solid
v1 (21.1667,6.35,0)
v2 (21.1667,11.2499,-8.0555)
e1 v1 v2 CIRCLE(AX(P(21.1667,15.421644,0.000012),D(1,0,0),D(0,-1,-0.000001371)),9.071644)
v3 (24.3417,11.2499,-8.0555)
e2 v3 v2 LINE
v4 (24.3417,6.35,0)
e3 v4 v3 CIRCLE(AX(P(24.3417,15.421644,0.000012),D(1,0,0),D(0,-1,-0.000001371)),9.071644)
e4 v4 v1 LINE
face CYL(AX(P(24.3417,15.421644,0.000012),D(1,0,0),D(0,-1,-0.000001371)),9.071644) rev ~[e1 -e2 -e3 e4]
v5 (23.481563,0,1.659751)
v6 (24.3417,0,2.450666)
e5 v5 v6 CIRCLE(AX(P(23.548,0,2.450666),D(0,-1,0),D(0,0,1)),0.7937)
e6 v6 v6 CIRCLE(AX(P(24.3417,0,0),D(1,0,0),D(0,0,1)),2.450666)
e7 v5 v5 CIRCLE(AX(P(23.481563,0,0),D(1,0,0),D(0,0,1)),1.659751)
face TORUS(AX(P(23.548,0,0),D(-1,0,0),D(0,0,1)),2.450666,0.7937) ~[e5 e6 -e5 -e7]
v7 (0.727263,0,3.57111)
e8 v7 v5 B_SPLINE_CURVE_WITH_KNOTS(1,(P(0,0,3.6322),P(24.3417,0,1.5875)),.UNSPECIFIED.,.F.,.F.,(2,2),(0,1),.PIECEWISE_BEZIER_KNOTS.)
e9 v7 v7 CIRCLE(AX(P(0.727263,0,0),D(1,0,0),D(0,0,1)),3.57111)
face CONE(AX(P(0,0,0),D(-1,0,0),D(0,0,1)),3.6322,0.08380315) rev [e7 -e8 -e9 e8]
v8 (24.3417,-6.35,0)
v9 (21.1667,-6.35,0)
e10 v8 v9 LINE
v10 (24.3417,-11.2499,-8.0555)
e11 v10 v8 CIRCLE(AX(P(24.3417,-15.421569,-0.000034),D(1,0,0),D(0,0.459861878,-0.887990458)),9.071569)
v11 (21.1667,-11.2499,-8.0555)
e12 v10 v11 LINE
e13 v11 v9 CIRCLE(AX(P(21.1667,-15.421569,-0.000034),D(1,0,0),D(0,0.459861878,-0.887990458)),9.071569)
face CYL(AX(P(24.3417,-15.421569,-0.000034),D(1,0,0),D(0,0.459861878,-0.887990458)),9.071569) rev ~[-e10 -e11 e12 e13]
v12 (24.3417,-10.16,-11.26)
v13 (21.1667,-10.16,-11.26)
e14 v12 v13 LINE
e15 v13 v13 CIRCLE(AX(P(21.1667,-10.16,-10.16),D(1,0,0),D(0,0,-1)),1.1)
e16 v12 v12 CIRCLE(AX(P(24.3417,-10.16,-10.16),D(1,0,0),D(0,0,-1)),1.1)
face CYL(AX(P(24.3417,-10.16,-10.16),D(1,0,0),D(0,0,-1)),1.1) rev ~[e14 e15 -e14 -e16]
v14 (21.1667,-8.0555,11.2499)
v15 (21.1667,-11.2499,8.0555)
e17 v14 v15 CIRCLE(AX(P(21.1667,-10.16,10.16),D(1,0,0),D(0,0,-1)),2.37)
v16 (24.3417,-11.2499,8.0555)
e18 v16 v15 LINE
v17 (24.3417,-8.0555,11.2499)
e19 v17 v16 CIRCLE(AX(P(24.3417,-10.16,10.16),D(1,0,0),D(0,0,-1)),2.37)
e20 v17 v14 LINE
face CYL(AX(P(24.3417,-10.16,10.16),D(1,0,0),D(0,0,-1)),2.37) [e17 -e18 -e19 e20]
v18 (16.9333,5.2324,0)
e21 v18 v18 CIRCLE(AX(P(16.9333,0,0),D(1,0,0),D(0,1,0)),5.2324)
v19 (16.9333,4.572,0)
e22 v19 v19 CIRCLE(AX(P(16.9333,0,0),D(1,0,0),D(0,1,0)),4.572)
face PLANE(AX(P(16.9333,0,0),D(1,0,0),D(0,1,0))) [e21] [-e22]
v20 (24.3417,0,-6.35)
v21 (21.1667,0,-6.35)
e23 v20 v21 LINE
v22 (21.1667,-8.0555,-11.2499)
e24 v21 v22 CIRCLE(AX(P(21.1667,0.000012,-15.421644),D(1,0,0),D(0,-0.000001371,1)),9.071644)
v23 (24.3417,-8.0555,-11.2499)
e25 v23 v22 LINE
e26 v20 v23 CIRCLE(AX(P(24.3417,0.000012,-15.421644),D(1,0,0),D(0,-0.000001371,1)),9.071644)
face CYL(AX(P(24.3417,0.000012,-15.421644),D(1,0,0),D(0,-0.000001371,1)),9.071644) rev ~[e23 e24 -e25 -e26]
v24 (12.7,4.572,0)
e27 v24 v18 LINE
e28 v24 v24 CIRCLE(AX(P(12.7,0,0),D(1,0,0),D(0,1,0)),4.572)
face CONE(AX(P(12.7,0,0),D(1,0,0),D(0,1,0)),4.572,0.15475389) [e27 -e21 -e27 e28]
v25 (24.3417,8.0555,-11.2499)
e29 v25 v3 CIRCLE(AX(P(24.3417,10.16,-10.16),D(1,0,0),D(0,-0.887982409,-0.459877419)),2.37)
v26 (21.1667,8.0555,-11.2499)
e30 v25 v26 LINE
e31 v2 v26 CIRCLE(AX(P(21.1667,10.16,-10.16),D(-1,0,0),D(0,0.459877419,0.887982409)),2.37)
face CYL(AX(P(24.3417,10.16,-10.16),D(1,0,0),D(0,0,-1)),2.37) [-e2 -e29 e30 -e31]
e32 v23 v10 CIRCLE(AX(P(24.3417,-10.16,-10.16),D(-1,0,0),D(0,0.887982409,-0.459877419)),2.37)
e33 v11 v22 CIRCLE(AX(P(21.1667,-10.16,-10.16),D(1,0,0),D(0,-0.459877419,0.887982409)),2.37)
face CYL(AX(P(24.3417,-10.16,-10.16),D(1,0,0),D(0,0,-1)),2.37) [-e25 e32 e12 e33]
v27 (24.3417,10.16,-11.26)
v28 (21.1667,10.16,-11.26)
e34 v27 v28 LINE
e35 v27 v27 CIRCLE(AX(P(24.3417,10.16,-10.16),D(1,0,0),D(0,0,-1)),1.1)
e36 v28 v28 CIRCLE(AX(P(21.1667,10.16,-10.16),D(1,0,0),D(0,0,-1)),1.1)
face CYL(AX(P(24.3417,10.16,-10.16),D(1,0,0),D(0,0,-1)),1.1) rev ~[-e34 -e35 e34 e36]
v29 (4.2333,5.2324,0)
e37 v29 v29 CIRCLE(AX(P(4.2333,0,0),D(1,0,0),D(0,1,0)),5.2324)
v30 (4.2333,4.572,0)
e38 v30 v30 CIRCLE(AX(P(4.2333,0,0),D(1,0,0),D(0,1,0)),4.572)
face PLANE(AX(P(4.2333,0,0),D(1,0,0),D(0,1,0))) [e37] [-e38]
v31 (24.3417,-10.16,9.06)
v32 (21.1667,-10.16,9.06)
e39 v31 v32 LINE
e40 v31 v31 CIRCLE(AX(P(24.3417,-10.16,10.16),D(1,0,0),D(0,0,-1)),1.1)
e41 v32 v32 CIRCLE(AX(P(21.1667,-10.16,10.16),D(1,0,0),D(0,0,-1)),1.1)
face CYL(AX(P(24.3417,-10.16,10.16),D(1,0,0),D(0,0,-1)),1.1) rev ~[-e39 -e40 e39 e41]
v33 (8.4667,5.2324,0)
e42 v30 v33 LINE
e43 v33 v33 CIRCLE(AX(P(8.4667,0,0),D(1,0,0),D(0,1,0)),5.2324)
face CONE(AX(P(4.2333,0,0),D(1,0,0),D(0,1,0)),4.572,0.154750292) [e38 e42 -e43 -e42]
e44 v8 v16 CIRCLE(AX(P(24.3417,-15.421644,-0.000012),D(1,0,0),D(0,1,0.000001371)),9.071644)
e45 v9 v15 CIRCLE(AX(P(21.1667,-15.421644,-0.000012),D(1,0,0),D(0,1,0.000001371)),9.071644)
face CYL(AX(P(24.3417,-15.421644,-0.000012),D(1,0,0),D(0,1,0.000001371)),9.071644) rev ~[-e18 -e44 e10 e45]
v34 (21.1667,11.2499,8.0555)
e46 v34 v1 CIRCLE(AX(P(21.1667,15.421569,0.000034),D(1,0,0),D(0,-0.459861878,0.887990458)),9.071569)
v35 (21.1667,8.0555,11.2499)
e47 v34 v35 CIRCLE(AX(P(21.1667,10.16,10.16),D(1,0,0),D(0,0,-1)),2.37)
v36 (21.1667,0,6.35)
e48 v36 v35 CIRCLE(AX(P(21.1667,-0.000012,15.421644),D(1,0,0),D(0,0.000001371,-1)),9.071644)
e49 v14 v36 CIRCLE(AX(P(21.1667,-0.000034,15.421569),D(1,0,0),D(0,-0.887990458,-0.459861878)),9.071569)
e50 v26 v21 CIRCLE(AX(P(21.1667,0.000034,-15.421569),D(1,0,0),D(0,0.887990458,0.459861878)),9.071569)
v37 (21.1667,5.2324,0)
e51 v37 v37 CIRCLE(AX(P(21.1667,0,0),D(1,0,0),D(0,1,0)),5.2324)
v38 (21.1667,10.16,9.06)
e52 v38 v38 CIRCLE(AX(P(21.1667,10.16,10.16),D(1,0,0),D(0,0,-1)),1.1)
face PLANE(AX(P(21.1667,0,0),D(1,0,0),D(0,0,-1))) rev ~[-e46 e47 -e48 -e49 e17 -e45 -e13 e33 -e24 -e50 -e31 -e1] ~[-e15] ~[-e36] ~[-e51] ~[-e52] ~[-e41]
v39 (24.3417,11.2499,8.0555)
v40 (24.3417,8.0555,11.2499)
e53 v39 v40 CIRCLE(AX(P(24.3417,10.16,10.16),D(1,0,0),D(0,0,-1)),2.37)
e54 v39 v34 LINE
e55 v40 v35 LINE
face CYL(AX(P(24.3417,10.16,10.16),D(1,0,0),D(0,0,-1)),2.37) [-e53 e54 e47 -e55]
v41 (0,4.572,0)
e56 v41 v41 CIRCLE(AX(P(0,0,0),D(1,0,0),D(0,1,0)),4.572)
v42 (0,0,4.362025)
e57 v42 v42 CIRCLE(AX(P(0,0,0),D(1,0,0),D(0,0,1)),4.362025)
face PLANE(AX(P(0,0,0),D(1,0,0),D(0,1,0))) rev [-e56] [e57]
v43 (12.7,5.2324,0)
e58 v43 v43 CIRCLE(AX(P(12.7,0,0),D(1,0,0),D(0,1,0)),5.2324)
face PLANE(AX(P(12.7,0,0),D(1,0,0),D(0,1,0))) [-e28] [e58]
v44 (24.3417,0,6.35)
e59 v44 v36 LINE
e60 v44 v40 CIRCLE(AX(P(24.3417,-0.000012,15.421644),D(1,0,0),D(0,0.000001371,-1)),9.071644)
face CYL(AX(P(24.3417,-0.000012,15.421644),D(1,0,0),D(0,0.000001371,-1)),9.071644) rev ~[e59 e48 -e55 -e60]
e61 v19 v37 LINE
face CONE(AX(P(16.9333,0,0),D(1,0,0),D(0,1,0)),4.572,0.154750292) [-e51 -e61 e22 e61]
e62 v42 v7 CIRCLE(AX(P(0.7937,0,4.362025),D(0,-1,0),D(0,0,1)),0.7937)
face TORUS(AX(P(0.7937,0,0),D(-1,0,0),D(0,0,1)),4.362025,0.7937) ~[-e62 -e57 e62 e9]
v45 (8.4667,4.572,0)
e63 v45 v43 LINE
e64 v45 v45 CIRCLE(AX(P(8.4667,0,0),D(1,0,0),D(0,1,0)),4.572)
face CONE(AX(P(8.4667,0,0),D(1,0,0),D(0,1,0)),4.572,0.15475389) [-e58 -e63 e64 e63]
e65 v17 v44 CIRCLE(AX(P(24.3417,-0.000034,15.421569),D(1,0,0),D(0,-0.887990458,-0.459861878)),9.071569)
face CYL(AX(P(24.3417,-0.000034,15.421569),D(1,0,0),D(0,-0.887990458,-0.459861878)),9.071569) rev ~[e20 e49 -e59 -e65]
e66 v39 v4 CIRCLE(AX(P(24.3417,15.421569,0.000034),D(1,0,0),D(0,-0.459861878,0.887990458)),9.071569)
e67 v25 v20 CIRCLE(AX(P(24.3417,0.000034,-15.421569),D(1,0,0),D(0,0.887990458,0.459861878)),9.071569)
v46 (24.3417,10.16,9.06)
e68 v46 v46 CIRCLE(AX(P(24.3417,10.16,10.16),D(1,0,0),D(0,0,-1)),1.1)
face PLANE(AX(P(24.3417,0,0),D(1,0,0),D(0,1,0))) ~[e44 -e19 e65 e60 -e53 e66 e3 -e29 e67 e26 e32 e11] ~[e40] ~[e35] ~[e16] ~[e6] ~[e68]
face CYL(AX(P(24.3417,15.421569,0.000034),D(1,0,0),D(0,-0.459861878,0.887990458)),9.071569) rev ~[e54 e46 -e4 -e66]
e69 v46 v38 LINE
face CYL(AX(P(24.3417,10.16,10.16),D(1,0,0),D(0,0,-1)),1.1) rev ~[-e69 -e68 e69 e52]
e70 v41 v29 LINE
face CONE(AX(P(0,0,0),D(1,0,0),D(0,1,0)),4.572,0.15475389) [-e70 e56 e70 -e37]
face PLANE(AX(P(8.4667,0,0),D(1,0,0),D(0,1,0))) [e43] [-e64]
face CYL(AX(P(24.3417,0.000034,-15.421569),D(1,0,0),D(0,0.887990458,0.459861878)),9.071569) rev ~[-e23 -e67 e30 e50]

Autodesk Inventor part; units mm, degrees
ref_plane "YZ Plane" through (0, 0, 0) normal (1, 0, 0) x (0, 1, 0)
ref_plane "XZ Plane" through (0, 0, 0) normal (0, 1, 0) x (-1, 0, 0)
ref_plane "XY Plane" through (0, 0, 0) normal (0, 0, 1) x (1, 0, 0)
sketch "Sketch3" plane through (0, 0, 0) normal (0, 0, 1) x (1, 0, 0)
  line L0 (0, 0) -> (0, 4.572)
  line L1 (0, 4.572) -> (4.2333, 5.2324)
  line L2 (0, 0) -> (21.1667, 0)
  line L3 (4.2333, 5.2324) -> (4.2333, 4.572)
  line L4 (4.2333, 4.572) -> (8.4667, 5.2324)
  line L5 (8.4667, 5.2324) -> (8.4667, 4.572)
  line L6 (8.4667, 4.572) -> (12.7, 5.2324)
  line L7 (12.7, 5.2324) -> (12.7, 4.572)
  line L8 (12.7, 4.572) -> (16.9333, 5.2324)
  line L9 (16.9333, 5.2324) -> (16.9333, 4.572)
  line L10 (16.9333, 4.572) -> (21.1667, 5.2324)
  line L11 (21.1667, 5.2324) -> (21.1667, 0)
  line L12 (21.1667, 0) -> (24.3417, 0)
  line L13 (24.3417, 0) -> (24.3417, 6.35)
  line L14 (24.3417, 6.35) -> (21.1667, 6.35)
  line L15 (21.1667, 6.35) -> (21.1667, 0)
  dimension "d4" = 4.572
  dimension "d6" = 5.2324
  dimension "d7" = 4.2333
  dimension "d8" = 3.175
  dimension "d9" = 6.35
revolve "Revolution1" add sketch "Sketch3" angle 360 about axis through (0, 0, 0) along (1, 0, 0)
sketch "Sketch4" plane through (0, 0, 0) normal (-1, 0, 0) x (0, 0, 1)
  circle A0 centre (0, 0) radius 3.6322
  dimension "d11" = 7.2644
sketch "Sketch5" plane through (24.3417, 0, 0) normal (1, 0, 0) x (0, 0, -1)
  circle A0 centre (0, 0) radius 1.5875
  dimension "d15" = 3.175
loft "Loft1" cut profiles "Sketch4", "Sketch5"
fillet "Fillet2" radius 0.7937 1 edges at (0, 0, -3.6322)
sketch "Sketch6" plane through (24.3417, 0, 0) normal (1, 0, 0) x (0, 0, -1)
  circle A0 centre (0, 0) radius 6.35 projected
  line L0 (-10.16, 10.16) -> (10.16, 10.16) construction
  line L1 (10.16, 10.16) -> (10.16, -10.16) construction
  line L2 (10.16, -10.16) -> (-10.16, -10.16) construction
  line L3 (-10.16, -10.16) -> (-10.16, 10.16) construction
  line L4 (-10.16, 10.16) -> (10.16, -10.16) construction
  line L5 (-10.16, -10.16) -> (10.16, 10.16) construction
  circle A1 centre (-10.16, 10.16) radius 1.1
  circle A2 centre (10.16, 10.16) radius 1.1
  circle A3 centre (10.16, -10.16) radius 1.1
  circle A4 centre (-10.16, -10.16) radius 1.1
  circle A5 centre (-10.16, 10.16) radius 2.37
  circle A6 centre (10.16, 10.16) radius 2.37
  circle A7 centre (10.16, -10.16) radius 2.37
  circle A8 centre (-10.16, -10.16) radius 2.37
  arc A9 (-6.35, 0) -> (-11.2499, 8.0555) centre (-15.4216, 0) ccw
  arc A10 (-8.0555, 11.2499) -> (0, 6.35) centre (0, 15.4216) ccw
  arc A11 (0, -6.35) -> (-8.0555, -11.2499) centre (0, -15.4216) ccw
  arc A12 (-11.2499, -8.0555) -> (-6.35, 0) centre (-15.4216, 0) ccw
  arc A13 (6.35, 0) -> (11.2499, -8.0555) centre (15.4216, 0) ccw
  arc A14 (8.0555, -11.2499) -> (0, -6.35) centre (0, -15.4216) ccw
  arc A15 (0, 6.35) -> (8.0555, 11.2499) centre (0, 15.4216) ccw
  arc A16 (11.2499, 8.0555) -> (6.35, 0) centre (15.4216, 0) ccw
  point P0 (0, 0)
  point P1 (6.35, 0)
  point P2 (6.35, 0)
  point P3 (6.35, 0)
  point P4 (8.0555, 11.2499)
  point P5 (0, 6.35)
  point P6 (0, 6.35)
  point P7 (0, -6.35)
  point P8 (0, -6.35)
  point P9 (0, -6.35)
  point P10 (8.0555, -11.2499)
  point P11 (11.2499, -8.0555)
  point P12 (-6.35, 0)
  point P13 (-6.35, 0)
  point P14 (-11.2499, -8.0555)
  point P15 (-8.0555, -11.2499)
  dimension "d21" = 20.32
  dimension "d22" = 2.2
  dimension "d23" = 1.27
  dimension "d26" = 360
extrude "Extrusion3" add sketch "Sketch6" against normal blind 3.175 contours A13 A7 A14 A0 | A0 A15 A6 A16 | A0 A9 A5 A10 | A11 A8 A12 A0 | A7 | A6 | A5 | A8
fillet "Fillet3" radius 0.7937 1 edges at (24.3417, 0, -1.5875)
properties part number "NozzleAdapter"
